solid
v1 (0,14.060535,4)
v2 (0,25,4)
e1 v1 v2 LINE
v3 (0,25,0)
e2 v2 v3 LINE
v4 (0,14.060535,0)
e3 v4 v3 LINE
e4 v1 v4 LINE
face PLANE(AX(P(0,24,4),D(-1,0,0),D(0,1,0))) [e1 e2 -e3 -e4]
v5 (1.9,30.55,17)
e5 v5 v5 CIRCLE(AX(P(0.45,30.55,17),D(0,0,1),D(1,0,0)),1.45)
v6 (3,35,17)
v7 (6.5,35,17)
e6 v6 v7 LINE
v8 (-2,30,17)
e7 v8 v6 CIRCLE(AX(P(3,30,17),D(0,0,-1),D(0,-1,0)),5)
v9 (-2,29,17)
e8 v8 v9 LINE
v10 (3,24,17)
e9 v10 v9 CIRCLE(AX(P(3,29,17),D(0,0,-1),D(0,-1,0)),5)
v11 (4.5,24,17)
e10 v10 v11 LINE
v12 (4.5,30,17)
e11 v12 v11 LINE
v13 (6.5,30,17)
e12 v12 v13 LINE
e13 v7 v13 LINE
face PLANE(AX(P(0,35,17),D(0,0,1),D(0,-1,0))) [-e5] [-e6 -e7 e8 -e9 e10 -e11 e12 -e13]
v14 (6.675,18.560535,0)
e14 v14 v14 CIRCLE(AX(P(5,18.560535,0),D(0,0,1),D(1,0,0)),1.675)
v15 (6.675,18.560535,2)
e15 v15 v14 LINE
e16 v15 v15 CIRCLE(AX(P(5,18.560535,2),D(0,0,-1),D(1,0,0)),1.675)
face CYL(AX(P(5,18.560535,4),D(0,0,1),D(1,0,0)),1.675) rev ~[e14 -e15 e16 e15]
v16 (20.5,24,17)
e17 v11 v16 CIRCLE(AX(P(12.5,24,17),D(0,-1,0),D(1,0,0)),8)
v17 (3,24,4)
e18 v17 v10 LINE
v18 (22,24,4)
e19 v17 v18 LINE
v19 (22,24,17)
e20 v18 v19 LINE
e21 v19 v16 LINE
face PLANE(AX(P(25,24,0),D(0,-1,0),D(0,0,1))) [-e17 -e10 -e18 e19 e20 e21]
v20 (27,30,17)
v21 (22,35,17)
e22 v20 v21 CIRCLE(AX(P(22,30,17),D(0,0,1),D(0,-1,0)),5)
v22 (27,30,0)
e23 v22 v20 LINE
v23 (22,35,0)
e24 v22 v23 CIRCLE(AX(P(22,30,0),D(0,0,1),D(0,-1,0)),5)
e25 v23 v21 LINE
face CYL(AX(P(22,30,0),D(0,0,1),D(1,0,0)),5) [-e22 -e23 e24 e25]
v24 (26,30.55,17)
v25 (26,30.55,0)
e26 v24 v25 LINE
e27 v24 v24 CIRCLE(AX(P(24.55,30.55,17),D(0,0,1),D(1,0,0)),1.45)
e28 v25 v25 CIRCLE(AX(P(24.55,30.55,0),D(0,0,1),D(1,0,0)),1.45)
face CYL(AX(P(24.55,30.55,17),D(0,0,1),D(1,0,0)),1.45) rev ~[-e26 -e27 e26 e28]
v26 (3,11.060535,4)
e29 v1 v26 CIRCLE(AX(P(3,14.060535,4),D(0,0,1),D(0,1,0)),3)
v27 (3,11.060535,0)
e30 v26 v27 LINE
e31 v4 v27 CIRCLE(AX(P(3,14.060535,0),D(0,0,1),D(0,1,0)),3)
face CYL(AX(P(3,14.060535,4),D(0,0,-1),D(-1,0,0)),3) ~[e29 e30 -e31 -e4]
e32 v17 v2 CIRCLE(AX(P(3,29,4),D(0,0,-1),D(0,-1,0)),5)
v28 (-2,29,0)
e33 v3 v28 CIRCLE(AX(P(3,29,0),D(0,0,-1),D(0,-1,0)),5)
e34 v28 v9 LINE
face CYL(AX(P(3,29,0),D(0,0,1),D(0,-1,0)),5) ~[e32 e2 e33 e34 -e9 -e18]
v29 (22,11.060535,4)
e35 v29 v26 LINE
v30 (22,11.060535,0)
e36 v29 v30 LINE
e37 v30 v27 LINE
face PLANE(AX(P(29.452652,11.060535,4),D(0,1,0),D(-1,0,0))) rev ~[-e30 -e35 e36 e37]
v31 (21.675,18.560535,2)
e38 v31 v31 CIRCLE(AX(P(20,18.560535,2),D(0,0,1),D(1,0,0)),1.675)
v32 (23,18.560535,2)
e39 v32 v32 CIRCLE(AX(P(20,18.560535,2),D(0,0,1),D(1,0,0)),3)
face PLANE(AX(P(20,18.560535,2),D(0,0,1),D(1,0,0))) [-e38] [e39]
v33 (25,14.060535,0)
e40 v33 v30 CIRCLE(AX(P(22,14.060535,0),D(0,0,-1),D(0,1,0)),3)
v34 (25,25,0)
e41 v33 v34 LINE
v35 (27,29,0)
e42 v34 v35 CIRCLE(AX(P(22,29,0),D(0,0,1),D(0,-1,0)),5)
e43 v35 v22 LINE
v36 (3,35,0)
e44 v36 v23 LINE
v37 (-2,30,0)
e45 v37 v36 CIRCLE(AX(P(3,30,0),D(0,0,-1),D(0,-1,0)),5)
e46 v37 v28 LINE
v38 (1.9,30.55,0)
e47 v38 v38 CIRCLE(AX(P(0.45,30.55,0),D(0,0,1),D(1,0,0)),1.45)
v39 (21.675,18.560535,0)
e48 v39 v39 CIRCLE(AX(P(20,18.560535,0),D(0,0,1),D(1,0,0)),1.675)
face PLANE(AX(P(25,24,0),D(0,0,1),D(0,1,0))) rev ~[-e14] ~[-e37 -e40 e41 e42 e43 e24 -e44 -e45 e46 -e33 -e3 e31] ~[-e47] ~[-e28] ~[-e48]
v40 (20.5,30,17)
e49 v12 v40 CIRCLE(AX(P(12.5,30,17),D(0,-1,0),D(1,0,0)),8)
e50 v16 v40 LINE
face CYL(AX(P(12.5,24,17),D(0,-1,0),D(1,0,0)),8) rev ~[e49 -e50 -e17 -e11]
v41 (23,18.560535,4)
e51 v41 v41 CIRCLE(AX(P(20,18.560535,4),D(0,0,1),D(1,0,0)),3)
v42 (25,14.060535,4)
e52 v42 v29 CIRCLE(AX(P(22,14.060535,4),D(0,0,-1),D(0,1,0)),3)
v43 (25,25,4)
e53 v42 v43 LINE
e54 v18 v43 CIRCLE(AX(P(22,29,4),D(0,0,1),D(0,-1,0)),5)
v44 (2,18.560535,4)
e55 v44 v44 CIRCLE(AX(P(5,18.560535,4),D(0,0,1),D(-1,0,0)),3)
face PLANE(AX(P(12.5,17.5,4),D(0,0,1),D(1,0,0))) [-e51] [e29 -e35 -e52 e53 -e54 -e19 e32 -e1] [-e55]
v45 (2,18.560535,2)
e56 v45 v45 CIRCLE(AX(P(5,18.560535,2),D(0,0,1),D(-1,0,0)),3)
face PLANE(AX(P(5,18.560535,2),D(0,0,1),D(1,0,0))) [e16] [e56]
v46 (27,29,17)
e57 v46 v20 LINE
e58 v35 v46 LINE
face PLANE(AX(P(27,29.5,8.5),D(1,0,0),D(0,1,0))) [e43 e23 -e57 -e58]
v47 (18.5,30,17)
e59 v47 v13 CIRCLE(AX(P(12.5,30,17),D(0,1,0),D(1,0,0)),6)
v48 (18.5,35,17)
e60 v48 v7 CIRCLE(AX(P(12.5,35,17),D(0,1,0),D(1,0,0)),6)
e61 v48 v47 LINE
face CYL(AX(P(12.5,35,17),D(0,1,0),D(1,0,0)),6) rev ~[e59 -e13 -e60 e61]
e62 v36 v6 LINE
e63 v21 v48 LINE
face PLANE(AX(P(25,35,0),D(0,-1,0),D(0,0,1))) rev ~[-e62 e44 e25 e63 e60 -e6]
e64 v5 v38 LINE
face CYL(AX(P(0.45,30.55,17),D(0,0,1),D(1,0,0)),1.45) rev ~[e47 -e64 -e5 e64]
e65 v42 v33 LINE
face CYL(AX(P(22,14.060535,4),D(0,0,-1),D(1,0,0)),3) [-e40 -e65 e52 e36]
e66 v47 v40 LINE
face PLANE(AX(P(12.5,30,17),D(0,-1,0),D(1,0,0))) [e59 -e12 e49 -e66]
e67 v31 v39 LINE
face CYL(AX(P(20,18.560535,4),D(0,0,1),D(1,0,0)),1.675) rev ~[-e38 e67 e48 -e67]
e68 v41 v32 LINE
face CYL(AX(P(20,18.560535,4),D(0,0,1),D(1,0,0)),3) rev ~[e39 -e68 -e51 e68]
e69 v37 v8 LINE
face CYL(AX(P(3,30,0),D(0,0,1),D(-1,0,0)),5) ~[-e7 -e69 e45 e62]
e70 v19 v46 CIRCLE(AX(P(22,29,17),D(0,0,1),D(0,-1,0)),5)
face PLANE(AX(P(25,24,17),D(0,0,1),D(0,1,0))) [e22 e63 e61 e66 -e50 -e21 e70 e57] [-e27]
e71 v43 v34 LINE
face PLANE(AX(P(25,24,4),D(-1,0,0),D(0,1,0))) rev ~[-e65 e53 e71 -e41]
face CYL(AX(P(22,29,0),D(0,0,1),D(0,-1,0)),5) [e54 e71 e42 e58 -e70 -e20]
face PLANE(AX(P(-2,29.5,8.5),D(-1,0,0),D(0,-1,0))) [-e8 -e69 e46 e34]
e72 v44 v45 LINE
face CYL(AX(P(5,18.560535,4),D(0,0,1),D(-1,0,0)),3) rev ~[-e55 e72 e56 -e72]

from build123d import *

# Parameters (mm, degrees)
F0_W      = 25
F0_H      = 35
F1_DEPTH  = 4
F2_R      = 1.675
F3_DEPTH  = 25
F4_W      = 25
F4_H      = 11
F5_DEPTH  = 13
F7_DEPTH  = 6
F8_R      = 8
F9_DEPTH  = 6
F2_R_2    = 3
F10_DEPTH = 2
F11_R     = 5
F12_W     = 11
F12_H     = 17
F13_DEPTH = 2
F14_W     = 11
F14_H     = 17
F15_DEPTH = 2
F16_R     = 1.45
F17_DEPTH = 25
F18_R     = 5
F20_DEPTH = 25
F21_R     = 3


with BuildPart() as f1:
    # F0 (on Top) → F1 (new body)
    with BuildSketch(Plane.XY):
        with Locations((12.5, 17.5)):
            Rectangle(F0_W, F0_H)
    extrude(amount=F1_DEPTH)

    # F2 (on face) → F3 (cut)
    with BuildSketch(Plane.XY.offset(4)):
        with BuildLine():
            ThreePointArc((3.325, 18.5605346784), (5, 16.8855346784), (6.675, 18.5605346784))
            ThreePointArc((6.675, 18.5605346784), (5, 20.2355346784), (3.325, 18.5605346784))
        make_face()
        with Locations((20, 18.5605346784)):
            Circle(F2_R)
        with Locations((20, 3.5605346784)):
            Circle(F2_R)
        with Locations((5, 3.5605346784)):
            Circle(F2_R)
    extrude(amount=-F3_DEPTH, mode=Mode.SUBTRACT)

    # F4 (on face) → F5 (join)
    with BuildSketch(Plane.XY.offset(4)):
        with Locations((12.5, 29.5)):
            Rectangle(F4_W, F4_H)
    extrude(amount=F5_DEPTH)

    # F6 (on face) → F7 (cut)
    with BuildSketch(Plane(origin=(0, 35, 0), x_dir=(-1, 0, 0), z_dir=(0, 1, 0))):
        with BuildLine():
            ThreePointArc((-18.5, 17), (-12.5, 11), (-6.5, 17))
            Line((-6.5, 17), (-18.5, 17))
        make_face()
    extrude(amount=-F7_DEPTH, mode=Mode.SUBTRACT)

    # F8 (on face) → F9 (cut)
    with BuildSketch(Plane.XZ.offset(-24)):
        with Locations((12.5, 17)):
            Circle(F8_R)
    extrude(amount=-F9_DEPTH, mode=Mode.SUBTRACT)

    # F2 (on face) → F10 (cut)
    with BuildSketch(Plane.XY.offset(4)):
        with BuildLine():
            ThreePointArc((8, 18.5605346784), (5, 21.5605346784), (2, 18.5605346784))
            ThreePointArc((2, 18.5605346784), (5, 15.5605346784), (8, 18.5605346784))
        make_face()
        with BuildLine():
            ThreePointArc((3.325, 18.5605346784), (5, 20.2355346784), (6.675, 18.5605346784))
            ThreePointArc((6.675, 18.5605346784), (5, 16.8855346784), (3.325, 18.5605346784))
        make_face(mode=Mode.SUBTRACT)
        with Locations((20, 18.5605346784)):
            Circle(F2_R_2)
        with Locations((20, 18.5605346784)):
            Circle(F2_R, mode=Mode.SUBTRACT)
        with Locations((20, 3.5605346784)):
            Circle(F2_R_2)
        with Locations((20, 3.5605346784)):
            Circle(F2_R, mode=Mode.SUBTRACT)
        with Locations((5, 3.5605346784)):
            Circle(F2_R_2)
        with Locations((5, 3.5605346784)):
            Circle(F2_R, mode=Mode.SUBTRACT)
    extrude(amount=-F10_DEPTH, mode=Mode.SUBTRACT)

    # F11
    f11_edges = [f1.edges().sort_by_distance(p)[0] for p in [
        (0, 0, 2),
        (25, 0, 2),
    ]]
    fillet(f11_edges, radius=F11_R)

    # F12 (on face) → F13 (join)
    with BuildSketch(Plane(origin=(0, 0, 0), x_dir=(0, -1, 0), z_dir=(-1, 0, 0))):
        with Locations((-29.5, 8.5)):
            Rectangle(F12_W, F12_H)
    extrude(amount=F13_DEPTH)

    # F14 (on face) → F15 (join)
    with BuildSketch(Plane.YZ.offset(25)):
        with Locations((29.5, 8.5)):
            Rectangle(F14_W, F14_H)
    extrude(amount=F15_DEPTH)

    # F16 (on face) → F17 (cut)
    with BuildSketch(Plane.XY.offset(17)):
        with Locations((0.45, 30.55)):
            Circle(F16_R)
        with Locations((24.55, 30.55)):
            Circle(F16_R)
    extrude(amount=-F17_DEPTH, mode=Mode.SUBTRACT)

    # F18
    f18_edges = [f1.edges().sort_by_distance(p)[0] for p in [
        (-2, 24, 8.5),
        (-2, 35, 8.5),
        (27, 35, 8.5),
        (27, 24, 8.5),
    ]]
    fillet(f18_edges, radius=F18_R)

    # F19 (on face) → F20 (cut)
    with BuildSketch(Plane.XY.offset(4)):
        Polygon((5, 11.0605346784), (0, 11.0605346784), (0, 5), (0, -4.7260266729), (29.4526517391, -4.7260266729), (29.4526517391, 11.0605346784), (25, 11.0605346784), align=None)
    extrude(amount=-F20_DEPTH, mode=Mode.SUBTRACT)

    # F21
    f21_edges = [f1.edges().sort_by_distance(p)[0] for p in [
        (0, 11.060535, 2),
        (25, 11.060535, 2),
    ]]
    fillet(f21_edges, radius=F21_R)


solid = f1.part
